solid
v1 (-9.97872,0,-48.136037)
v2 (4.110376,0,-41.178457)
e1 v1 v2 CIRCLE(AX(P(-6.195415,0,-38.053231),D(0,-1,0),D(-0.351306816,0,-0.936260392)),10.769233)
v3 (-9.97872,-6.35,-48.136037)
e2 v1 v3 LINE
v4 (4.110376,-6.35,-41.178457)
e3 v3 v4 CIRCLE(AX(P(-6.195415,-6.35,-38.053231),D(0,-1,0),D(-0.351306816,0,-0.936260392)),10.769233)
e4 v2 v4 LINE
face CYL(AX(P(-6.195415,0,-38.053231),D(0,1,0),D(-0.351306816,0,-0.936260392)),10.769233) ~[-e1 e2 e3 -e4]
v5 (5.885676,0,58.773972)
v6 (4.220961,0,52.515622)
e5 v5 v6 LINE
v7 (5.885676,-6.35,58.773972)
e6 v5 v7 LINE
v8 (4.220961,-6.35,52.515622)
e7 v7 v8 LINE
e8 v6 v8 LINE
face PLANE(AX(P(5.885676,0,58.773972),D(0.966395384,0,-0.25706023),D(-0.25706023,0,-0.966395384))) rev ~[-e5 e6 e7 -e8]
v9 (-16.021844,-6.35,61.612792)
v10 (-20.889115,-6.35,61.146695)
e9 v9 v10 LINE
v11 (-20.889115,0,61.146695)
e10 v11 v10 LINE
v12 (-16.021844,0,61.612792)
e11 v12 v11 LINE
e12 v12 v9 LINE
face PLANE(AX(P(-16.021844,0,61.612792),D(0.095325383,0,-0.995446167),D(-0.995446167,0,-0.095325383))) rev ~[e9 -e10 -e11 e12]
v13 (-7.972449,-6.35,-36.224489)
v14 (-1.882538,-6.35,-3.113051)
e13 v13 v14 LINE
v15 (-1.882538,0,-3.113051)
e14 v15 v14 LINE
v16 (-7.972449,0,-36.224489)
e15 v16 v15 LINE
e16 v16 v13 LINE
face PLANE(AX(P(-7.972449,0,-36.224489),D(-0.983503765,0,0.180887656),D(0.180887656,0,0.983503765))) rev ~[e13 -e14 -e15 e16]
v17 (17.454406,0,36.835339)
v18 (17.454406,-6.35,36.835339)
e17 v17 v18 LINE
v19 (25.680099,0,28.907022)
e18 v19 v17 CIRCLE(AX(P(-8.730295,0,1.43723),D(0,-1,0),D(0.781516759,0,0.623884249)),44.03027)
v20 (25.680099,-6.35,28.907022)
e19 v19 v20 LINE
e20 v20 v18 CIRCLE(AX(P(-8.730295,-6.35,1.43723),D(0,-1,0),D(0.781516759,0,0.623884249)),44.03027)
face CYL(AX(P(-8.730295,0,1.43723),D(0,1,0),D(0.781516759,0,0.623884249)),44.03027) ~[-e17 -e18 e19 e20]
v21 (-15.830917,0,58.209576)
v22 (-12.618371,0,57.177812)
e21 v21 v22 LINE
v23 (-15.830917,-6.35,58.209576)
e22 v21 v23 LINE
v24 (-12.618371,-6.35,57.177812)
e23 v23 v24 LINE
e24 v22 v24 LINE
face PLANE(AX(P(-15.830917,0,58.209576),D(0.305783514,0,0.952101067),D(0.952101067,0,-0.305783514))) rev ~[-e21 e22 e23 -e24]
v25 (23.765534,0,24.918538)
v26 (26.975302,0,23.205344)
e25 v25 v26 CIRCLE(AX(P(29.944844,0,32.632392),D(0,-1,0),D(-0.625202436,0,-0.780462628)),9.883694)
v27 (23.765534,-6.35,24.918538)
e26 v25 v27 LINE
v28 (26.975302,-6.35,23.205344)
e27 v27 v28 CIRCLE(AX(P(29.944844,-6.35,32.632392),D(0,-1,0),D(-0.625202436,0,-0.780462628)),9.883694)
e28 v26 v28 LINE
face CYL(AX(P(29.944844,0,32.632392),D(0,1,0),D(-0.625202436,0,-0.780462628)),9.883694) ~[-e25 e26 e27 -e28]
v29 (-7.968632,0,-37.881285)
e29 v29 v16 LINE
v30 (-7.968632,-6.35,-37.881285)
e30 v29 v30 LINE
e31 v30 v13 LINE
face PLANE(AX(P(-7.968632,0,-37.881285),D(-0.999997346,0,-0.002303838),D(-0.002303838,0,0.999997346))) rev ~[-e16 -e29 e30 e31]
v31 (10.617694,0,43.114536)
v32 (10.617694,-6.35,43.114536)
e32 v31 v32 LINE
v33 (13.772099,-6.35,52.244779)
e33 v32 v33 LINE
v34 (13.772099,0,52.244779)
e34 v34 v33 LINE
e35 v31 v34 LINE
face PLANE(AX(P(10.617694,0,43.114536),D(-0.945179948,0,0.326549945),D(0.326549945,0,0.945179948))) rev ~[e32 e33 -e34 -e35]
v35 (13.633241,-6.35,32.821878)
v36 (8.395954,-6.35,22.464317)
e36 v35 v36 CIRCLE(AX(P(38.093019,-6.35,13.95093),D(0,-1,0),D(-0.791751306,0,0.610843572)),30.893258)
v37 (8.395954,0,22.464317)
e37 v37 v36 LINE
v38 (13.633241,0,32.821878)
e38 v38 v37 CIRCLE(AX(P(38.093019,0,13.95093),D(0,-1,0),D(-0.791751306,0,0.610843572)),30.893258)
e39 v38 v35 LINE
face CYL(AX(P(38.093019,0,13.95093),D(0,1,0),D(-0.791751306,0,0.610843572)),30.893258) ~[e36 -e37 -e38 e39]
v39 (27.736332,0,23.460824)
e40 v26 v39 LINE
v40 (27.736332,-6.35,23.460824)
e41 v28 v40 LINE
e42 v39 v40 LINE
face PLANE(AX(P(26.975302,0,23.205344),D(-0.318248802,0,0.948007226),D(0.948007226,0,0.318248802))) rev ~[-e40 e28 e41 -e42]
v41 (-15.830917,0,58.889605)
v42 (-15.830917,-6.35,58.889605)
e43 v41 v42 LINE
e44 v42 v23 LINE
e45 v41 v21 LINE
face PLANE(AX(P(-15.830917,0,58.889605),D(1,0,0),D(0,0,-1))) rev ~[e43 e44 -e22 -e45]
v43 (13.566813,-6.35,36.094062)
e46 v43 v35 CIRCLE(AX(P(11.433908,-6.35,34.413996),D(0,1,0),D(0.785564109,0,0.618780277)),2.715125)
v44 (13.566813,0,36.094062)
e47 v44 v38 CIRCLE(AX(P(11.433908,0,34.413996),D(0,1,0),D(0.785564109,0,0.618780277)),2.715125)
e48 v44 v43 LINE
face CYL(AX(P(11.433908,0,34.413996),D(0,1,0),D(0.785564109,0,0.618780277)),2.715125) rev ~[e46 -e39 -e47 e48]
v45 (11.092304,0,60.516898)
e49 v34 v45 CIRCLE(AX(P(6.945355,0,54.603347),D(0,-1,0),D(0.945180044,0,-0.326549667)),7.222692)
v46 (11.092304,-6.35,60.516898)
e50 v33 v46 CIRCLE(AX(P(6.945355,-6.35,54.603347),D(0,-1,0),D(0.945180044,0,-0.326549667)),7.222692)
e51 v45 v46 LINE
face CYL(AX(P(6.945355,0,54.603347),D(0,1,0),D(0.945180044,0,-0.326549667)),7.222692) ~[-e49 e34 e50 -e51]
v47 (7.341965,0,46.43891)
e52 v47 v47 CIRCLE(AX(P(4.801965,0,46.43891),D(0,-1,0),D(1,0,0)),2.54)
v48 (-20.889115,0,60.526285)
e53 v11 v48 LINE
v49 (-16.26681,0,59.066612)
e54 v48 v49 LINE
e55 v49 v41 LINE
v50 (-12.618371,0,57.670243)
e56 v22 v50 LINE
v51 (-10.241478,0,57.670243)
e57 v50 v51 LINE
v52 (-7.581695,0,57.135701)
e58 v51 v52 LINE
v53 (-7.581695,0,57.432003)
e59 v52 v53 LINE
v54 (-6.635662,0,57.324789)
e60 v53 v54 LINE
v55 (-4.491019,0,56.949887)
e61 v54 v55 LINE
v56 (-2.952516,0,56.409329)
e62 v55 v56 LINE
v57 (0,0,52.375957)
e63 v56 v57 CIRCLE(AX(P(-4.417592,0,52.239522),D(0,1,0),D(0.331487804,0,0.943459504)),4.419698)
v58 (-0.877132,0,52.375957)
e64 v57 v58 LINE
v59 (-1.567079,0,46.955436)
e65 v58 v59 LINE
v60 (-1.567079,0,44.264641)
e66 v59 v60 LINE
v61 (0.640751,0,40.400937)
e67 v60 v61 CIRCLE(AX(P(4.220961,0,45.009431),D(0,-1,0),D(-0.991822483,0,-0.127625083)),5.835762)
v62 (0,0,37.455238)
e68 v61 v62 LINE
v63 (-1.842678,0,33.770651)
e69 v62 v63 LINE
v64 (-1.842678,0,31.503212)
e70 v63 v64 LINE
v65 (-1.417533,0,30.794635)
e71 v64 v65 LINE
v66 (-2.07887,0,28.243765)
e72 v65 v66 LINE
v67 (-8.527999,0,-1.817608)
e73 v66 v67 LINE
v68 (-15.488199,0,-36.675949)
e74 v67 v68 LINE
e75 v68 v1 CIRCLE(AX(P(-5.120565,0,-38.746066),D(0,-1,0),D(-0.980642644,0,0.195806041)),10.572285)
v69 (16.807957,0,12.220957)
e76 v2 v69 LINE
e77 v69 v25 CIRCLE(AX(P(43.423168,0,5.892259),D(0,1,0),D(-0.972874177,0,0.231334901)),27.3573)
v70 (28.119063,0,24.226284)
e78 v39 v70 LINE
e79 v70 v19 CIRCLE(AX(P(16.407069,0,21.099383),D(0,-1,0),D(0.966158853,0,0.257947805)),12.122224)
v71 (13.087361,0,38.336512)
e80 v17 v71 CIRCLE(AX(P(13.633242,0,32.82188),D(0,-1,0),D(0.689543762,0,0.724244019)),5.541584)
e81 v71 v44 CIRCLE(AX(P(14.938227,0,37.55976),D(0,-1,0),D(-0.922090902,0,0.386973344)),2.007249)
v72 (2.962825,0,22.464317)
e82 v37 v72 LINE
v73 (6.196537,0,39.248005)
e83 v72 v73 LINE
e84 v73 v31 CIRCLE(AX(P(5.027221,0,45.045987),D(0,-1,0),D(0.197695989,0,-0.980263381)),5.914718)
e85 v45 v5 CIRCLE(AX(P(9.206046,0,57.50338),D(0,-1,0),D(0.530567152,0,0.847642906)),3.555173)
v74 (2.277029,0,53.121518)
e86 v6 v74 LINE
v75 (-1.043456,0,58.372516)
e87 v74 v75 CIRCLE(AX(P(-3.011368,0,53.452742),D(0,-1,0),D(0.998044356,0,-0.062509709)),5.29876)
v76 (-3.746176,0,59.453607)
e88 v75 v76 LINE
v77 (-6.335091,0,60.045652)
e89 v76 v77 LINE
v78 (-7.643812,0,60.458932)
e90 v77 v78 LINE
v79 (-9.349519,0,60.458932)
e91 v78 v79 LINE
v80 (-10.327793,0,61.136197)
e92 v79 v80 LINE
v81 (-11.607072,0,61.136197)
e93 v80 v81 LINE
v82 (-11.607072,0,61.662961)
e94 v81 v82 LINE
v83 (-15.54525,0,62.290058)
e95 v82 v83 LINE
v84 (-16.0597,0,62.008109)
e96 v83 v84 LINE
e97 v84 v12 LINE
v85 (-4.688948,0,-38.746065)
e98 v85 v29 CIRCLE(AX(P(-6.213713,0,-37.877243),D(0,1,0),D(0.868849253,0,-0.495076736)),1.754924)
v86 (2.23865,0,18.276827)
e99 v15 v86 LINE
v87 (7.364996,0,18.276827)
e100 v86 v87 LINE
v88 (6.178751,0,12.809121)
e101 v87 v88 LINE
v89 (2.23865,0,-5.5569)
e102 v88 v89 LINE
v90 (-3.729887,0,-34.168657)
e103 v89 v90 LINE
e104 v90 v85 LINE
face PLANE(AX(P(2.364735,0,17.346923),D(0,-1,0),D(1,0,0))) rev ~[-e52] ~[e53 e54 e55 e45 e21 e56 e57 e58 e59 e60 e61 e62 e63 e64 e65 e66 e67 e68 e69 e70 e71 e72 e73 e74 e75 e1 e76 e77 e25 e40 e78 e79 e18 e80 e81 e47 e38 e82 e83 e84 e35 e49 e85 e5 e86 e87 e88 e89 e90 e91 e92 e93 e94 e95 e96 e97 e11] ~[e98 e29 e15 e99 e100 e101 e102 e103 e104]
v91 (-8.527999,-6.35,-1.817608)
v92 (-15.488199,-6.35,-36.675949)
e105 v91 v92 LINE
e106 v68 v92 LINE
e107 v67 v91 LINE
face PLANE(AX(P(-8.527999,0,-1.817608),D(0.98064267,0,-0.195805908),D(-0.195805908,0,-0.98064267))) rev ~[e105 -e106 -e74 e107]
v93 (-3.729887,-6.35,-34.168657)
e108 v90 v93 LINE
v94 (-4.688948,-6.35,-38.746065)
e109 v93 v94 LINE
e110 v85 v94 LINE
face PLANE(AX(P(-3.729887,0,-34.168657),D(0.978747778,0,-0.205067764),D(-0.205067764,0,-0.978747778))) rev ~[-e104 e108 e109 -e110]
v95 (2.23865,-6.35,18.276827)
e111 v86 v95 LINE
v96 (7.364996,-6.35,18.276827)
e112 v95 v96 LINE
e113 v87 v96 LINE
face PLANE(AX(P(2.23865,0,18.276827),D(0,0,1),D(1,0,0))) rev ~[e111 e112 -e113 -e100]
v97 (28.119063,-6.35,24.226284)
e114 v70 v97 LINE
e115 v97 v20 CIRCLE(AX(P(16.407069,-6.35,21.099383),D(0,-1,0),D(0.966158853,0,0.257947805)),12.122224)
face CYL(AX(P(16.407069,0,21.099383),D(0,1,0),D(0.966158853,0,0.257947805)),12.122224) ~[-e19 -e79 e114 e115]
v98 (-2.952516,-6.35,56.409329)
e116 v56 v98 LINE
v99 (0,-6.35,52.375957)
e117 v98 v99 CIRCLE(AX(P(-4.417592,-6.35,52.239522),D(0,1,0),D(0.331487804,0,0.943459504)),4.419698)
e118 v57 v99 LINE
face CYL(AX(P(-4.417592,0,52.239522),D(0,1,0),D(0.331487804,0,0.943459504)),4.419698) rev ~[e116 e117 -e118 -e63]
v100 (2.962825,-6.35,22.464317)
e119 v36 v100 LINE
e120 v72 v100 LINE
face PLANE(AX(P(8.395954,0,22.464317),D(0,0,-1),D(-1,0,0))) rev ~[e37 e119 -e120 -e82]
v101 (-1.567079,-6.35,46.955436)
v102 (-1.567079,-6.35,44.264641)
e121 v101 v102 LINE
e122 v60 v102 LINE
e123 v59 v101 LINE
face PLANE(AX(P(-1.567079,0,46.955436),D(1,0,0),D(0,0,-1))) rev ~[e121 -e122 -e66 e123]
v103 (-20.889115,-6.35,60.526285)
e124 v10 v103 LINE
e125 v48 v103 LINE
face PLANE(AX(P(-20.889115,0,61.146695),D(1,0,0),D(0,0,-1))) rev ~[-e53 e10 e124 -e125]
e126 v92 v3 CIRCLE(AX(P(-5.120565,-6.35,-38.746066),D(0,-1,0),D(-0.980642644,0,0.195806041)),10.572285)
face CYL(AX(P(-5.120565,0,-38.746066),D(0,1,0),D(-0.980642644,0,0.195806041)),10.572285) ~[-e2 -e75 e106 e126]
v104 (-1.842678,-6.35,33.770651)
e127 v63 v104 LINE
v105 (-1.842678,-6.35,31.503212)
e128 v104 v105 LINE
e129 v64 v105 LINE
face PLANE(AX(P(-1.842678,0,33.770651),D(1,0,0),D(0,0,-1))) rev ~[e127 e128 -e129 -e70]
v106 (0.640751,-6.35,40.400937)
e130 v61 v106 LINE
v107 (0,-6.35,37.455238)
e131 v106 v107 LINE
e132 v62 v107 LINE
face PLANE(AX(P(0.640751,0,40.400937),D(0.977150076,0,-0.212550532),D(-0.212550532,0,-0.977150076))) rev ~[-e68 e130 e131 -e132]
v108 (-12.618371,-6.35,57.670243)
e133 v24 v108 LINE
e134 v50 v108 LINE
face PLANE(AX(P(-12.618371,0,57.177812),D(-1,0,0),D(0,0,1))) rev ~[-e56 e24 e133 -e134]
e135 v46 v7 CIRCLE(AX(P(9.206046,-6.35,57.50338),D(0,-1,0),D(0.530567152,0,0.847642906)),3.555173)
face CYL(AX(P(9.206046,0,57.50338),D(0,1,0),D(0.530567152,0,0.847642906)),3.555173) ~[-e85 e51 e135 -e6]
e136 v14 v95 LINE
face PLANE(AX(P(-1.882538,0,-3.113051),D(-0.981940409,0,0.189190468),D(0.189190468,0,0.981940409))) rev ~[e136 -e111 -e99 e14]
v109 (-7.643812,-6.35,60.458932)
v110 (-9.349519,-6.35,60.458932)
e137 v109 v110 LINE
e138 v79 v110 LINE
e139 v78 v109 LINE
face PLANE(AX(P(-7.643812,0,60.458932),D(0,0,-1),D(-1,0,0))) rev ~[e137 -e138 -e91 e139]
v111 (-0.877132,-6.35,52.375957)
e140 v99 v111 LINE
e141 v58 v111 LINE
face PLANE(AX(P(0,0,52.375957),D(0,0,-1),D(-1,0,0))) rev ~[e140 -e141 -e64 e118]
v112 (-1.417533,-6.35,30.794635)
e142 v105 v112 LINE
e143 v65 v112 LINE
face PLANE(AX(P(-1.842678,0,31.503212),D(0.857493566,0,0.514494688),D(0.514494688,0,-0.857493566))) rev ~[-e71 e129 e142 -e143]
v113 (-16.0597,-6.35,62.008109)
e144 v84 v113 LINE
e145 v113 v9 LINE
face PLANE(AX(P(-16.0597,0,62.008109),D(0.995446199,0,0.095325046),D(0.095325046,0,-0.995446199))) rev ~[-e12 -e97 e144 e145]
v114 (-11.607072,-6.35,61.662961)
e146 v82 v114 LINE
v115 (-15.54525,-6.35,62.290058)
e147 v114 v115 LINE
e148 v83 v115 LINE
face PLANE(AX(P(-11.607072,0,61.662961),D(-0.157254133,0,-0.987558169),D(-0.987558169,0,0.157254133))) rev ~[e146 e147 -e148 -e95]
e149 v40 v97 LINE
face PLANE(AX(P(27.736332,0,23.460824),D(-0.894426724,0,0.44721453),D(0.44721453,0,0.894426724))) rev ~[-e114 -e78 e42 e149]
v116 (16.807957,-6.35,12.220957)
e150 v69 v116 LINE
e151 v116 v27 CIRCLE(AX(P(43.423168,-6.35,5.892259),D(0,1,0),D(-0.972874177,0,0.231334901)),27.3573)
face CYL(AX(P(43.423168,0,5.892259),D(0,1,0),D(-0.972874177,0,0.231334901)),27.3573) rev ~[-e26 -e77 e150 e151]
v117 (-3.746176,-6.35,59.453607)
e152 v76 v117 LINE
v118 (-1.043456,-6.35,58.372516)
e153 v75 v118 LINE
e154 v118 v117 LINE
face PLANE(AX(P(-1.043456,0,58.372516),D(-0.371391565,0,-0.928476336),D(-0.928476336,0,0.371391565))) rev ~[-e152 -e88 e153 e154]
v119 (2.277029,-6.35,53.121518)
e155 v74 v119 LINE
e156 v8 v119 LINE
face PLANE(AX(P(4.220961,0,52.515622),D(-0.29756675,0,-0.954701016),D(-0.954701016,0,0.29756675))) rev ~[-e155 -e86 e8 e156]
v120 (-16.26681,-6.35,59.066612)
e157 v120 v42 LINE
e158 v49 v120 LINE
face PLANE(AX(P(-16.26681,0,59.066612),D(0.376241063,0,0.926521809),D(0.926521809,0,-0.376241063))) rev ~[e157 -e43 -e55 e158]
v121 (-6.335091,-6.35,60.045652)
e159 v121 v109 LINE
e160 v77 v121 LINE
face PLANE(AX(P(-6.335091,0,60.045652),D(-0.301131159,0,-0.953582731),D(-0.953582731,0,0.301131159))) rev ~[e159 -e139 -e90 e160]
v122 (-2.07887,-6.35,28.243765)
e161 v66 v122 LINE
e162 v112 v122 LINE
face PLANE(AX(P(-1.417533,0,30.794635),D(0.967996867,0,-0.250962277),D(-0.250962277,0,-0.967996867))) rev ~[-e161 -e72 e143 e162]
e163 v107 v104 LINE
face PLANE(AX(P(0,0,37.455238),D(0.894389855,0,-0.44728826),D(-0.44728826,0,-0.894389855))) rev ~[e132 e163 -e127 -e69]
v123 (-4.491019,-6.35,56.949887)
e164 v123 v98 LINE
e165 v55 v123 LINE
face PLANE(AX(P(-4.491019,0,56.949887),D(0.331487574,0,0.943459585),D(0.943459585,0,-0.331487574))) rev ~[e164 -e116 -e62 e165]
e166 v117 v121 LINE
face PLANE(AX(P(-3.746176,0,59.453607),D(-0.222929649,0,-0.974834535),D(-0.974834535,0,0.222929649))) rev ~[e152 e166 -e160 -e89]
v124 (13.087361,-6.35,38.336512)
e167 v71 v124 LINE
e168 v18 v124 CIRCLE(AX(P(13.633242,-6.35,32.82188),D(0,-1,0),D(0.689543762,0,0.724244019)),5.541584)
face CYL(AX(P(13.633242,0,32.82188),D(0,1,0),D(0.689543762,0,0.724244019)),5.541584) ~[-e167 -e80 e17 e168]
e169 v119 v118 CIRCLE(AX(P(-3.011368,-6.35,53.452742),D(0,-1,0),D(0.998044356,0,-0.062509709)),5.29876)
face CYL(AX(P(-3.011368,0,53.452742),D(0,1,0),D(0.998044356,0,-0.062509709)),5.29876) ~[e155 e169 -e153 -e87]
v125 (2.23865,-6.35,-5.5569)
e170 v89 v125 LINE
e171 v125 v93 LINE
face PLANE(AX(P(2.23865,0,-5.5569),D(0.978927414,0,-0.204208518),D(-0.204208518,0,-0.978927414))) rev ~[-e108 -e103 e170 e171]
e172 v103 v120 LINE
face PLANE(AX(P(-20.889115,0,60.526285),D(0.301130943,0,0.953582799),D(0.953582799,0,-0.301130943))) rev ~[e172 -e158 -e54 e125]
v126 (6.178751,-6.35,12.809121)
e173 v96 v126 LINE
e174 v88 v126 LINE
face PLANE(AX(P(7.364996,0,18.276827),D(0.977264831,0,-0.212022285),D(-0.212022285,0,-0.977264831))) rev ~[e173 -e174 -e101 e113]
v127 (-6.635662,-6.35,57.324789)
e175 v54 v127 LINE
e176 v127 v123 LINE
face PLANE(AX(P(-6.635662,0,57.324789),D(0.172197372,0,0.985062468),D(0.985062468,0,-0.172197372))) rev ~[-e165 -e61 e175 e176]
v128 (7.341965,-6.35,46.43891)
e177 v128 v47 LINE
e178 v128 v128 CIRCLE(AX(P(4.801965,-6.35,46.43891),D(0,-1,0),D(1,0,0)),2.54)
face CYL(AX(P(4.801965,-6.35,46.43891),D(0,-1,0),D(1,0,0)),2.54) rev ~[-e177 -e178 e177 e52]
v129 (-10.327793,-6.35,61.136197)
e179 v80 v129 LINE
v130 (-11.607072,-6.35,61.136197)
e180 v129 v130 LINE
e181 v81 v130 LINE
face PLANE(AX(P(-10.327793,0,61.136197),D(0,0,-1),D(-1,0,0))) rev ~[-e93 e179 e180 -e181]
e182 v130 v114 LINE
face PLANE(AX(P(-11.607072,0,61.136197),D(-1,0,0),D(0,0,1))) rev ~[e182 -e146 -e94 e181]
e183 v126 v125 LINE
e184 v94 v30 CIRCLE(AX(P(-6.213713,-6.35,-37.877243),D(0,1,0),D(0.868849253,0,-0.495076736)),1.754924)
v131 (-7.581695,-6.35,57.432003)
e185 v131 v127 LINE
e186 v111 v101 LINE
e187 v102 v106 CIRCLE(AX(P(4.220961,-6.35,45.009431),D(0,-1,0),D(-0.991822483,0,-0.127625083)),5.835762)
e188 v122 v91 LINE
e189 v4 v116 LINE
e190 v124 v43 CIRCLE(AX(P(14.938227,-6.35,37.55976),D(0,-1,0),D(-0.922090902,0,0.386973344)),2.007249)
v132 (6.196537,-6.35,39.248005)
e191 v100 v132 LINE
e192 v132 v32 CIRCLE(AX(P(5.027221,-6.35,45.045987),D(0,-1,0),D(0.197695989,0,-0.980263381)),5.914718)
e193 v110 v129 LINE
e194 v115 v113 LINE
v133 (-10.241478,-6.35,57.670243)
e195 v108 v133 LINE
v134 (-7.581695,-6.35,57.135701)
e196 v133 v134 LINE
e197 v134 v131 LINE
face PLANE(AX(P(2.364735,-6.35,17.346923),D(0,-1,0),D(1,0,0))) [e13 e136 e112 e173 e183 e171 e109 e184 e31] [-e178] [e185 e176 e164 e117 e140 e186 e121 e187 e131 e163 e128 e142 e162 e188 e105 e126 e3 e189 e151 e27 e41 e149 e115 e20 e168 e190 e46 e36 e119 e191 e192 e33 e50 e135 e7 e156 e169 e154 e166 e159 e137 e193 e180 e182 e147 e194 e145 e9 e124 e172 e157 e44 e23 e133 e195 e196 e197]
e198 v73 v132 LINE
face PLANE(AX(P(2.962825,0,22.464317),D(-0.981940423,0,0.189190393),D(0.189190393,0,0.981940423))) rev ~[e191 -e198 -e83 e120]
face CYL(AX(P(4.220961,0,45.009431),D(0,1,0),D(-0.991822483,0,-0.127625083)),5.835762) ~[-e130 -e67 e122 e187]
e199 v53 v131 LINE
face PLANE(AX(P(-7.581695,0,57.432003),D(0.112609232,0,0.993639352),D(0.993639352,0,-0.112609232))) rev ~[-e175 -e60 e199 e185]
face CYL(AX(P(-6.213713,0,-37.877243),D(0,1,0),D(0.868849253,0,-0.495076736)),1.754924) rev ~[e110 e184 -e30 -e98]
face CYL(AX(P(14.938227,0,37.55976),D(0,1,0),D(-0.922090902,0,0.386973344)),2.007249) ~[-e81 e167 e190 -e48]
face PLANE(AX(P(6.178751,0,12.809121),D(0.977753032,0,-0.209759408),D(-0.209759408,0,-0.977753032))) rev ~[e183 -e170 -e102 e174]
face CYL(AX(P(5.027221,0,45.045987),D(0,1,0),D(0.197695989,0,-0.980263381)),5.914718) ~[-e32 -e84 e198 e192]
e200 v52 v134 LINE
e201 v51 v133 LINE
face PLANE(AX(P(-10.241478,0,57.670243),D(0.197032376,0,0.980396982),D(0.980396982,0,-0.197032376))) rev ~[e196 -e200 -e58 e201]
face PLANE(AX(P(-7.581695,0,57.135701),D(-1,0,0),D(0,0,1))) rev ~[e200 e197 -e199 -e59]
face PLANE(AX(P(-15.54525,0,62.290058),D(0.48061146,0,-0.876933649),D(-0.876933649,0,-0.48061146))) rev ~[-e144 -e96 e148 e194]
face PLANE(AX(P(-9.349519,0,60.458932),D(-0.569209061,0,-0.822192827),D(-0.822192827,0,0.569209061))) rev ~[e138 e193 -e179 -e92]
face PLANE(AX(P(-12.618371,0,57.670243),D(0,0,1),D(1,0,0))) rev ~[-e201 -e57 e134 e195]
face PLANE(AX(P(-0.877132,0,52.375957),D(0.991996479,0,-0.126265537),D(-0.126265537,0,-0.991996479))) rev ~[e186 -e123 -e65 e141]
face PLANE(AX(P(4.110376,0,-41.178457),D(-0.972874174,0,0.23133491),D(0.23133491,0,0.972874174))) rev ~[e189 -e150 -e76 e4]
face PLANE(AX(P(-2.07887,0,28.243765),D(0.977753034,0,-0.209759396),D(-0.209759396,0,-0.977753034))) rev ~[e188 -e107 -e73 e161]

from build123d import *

# Parameters (mm, degrees)
F1_DEPTH = 6.35
F2_R     = 2.54
F3_DEPTH = 25.4


with BuildPart() as f1:
    # F0 (on Front) → F1 (new body)
    with BuildSketch(Plane.XZ):
        with BuildLine():
            Line((-20.889115, 60.526285), (-16.26681, 59.066612))
            Line((-16.26681, 59.066612), (-15.830917, 58.889605))
            Line((-15.830917, 58.889605), (-15.830917, 58.209576))
            Line((-15.830917, 58.209576), (-12.618371, 57.177812))
            Line((-12.618371, 57.177812), (-12.618371, 57.670243))
            Line((-12.618371, 57.670243), (-10.241478, 57.670243))
            Line((-10.241478, 57.670243), (-7.581695, 57.135701))
            Line((-7.581695, 57.135701), (-7.581695, 57.432003))
            Line((-7.581695, 57.432003), (-6.635662, 57.324789))
            Line((-6.635662, 57.324789), (-4.491019, 56.949887))
            Line((-4.491019, 56.949887), (-2.952516, 56.409329))
            ThreePointArc((-2.952516, 56.409329), (-0.851296, 54.850129), (0, 52.375957))
            Line((0, 52.375957), (-0.877132, 52.375957))
            Line((-0.877132, 52.375957), (-1.567079, 46.955436))
            Line((-1.567079, 46.955436), (-1.567079, 44.264641))
            ThreePointArc((-1.567079, 44.264641), (-0.8459, 42.114083), (0.640751, 40.400937))
            Line((0.640751, 40.400937), (0, 37.455238))
            Line((0, 37.455238), (-1.842678, 33.770651))
            Line((-1.842678, 33.770651), (-1.842678, 31.503212))
            Line((-1.842678, 31.503212), (-1.417533, 30.794635))
            Line((-1.417533, 30.794635), (-2.07887, 28.243765))
            Line((-2.07887, 28.243765), (-8.527999, -1.817608))
            Line((-8.527999, -1.817608), (-15.488199, -36.675949))
            ThreePointArc((-15.488199, -36.675949), (-14.648921, -43.326858), (-9.97872, -48.136037))
            ThreePointArc((-9.97872, -48.136037), (-1.42701, -47.709249), (4.110376, -41.178457))
            Line((4.110376, -41.178457), (16.807957, 12.220957))
            ThreePointArc((16.807957, 12.220957), (19.431478, 19.038387), (23.765534, 24.918538))
            ThreePointArc((23.765534, 24.918538), (25.290907, 23.912972), (26.975302, 23.205344))
            Line((26.975302, 23.205344), (27.736332, 23.460824))
            Line((27.736332, 23.460824), (28.119063, 24.226284))
            ThreePointArc((28.119063, 24.226284), (27.157424, 26.701006), (25.680099, 28.907022))
            ThreePointArc((25.680099, 28.907022), (21.825489, 33.139103), (17.454406, 36.835339))
            ThreePointArc((17.454406, 36.835339), (15.4347, 38.062481), (13.087361, 38.336512))
            ThreePointArc((13.087361, 38.336512), (12.975342, 37.140081), (13.566813, 36.094062))
            ThreePointArc((13.566813, 36.094062), (14.148474, 34.469104), (13.633241, 32.821878))
            ThreePointArc((13.633241, 32.821878), (10.523821, 27.891258), (8.395954, 22.464317))
            Line((8.395954, 22.464317), (2.962825, 22.464317))
            Line((2.962825, 22.464317), (6.196537, 39.248005))
            ThreePointArc((6.196537, 39.248005), (8.92096, 40.593719), (10.617694, 43.114536))
            Line((10.617694, 43.114536), (13.772099, 52.244779))
            ThreePointArc((13.772099, 52.244779), (13.816488, 56.829286), (11.092304, 60.516898))
            ThreePointArc((11.092304, 60.516898), (8.077499, 60.874677), (5.885676, 58.773972))
            Line((5.885676, 58.773972), (4.220961, 52.515622))
            Line((4.220961, 52.515622), (2.277029, 53.121518))
            ThreePointArc((2.277029, 53.121518), (1.467108, 56.284721), (-1.043456, 58.372516))
            Line((-1.043456, 58.372516), (-3.746176, 59.453607))
            Line((-3.746176, 59.453607), (-6.335091, 60.045652))
            Line((-6.335091, 60.045652), (-7.643812, 60.458932))
            Line((-7.643812, 60.458932), (-9.349519, 60.458932))
            Line((-9.349519, 60.458932), (-10.327793, 61.136197))
            Line((-10.327793, 61.136197), (-11.607072, 61.136197))
            Line((-11.607072, 61.136197), (-11.607072, 61.662961))
            Line((-11.607072, 61.662961), (-15.54525, 62.290058))
            Line((-15.54525, 62.290058), (-16.0597, 62.008109))
            Line((-16.0597, 62.008109), (-16.021844, 61.612792))
            Line((-16.021844, 61.612792), (-20.889115, 61.146695))
            Line((-20.889115, 61.146695), (-20.889115, 60.526285))
        make_face()
        with BuildLine():
            Line((7.364996, 18.276827), (6.178751, 12.809121))
            Line((6.178751, 12.809121), (2.23865, -5.5569))
            Line((2.23865, -5.5569), (-3.729887, -34.168657))
            Line((-3.729887, -34.168657), (-4.688948, -38.746065))
            ThreePointArc((-4.688948, -38.746065), (-6.661154, -39.574168), (-7.968632, -37.881285))
            Line((-7.968632, -37.881285), (-7.972449, -36.224489))
            Line((-7.972449, -36.224489), (-1.882538, -3.113051))
            Line((-1.882538, -3.113051), (2.23865, 18.276827))
            Line((2.23865, 18.276827), (7.364996, 18.276827))
        make_face(mode=Mode.SUBTRACT)
    extrude(amount=F1_DEPTH)

    # F2 (on face) → F3 (cut)
    with BuildSketch(Plane.XZ.offset(6.35)):
        with Locations((4.801965, 46.43891)):
            Circle(F2_R)
    extrude(amount=-F3_DEPTH, mode=Mode.SUBTRACT)


solid = f1.part
